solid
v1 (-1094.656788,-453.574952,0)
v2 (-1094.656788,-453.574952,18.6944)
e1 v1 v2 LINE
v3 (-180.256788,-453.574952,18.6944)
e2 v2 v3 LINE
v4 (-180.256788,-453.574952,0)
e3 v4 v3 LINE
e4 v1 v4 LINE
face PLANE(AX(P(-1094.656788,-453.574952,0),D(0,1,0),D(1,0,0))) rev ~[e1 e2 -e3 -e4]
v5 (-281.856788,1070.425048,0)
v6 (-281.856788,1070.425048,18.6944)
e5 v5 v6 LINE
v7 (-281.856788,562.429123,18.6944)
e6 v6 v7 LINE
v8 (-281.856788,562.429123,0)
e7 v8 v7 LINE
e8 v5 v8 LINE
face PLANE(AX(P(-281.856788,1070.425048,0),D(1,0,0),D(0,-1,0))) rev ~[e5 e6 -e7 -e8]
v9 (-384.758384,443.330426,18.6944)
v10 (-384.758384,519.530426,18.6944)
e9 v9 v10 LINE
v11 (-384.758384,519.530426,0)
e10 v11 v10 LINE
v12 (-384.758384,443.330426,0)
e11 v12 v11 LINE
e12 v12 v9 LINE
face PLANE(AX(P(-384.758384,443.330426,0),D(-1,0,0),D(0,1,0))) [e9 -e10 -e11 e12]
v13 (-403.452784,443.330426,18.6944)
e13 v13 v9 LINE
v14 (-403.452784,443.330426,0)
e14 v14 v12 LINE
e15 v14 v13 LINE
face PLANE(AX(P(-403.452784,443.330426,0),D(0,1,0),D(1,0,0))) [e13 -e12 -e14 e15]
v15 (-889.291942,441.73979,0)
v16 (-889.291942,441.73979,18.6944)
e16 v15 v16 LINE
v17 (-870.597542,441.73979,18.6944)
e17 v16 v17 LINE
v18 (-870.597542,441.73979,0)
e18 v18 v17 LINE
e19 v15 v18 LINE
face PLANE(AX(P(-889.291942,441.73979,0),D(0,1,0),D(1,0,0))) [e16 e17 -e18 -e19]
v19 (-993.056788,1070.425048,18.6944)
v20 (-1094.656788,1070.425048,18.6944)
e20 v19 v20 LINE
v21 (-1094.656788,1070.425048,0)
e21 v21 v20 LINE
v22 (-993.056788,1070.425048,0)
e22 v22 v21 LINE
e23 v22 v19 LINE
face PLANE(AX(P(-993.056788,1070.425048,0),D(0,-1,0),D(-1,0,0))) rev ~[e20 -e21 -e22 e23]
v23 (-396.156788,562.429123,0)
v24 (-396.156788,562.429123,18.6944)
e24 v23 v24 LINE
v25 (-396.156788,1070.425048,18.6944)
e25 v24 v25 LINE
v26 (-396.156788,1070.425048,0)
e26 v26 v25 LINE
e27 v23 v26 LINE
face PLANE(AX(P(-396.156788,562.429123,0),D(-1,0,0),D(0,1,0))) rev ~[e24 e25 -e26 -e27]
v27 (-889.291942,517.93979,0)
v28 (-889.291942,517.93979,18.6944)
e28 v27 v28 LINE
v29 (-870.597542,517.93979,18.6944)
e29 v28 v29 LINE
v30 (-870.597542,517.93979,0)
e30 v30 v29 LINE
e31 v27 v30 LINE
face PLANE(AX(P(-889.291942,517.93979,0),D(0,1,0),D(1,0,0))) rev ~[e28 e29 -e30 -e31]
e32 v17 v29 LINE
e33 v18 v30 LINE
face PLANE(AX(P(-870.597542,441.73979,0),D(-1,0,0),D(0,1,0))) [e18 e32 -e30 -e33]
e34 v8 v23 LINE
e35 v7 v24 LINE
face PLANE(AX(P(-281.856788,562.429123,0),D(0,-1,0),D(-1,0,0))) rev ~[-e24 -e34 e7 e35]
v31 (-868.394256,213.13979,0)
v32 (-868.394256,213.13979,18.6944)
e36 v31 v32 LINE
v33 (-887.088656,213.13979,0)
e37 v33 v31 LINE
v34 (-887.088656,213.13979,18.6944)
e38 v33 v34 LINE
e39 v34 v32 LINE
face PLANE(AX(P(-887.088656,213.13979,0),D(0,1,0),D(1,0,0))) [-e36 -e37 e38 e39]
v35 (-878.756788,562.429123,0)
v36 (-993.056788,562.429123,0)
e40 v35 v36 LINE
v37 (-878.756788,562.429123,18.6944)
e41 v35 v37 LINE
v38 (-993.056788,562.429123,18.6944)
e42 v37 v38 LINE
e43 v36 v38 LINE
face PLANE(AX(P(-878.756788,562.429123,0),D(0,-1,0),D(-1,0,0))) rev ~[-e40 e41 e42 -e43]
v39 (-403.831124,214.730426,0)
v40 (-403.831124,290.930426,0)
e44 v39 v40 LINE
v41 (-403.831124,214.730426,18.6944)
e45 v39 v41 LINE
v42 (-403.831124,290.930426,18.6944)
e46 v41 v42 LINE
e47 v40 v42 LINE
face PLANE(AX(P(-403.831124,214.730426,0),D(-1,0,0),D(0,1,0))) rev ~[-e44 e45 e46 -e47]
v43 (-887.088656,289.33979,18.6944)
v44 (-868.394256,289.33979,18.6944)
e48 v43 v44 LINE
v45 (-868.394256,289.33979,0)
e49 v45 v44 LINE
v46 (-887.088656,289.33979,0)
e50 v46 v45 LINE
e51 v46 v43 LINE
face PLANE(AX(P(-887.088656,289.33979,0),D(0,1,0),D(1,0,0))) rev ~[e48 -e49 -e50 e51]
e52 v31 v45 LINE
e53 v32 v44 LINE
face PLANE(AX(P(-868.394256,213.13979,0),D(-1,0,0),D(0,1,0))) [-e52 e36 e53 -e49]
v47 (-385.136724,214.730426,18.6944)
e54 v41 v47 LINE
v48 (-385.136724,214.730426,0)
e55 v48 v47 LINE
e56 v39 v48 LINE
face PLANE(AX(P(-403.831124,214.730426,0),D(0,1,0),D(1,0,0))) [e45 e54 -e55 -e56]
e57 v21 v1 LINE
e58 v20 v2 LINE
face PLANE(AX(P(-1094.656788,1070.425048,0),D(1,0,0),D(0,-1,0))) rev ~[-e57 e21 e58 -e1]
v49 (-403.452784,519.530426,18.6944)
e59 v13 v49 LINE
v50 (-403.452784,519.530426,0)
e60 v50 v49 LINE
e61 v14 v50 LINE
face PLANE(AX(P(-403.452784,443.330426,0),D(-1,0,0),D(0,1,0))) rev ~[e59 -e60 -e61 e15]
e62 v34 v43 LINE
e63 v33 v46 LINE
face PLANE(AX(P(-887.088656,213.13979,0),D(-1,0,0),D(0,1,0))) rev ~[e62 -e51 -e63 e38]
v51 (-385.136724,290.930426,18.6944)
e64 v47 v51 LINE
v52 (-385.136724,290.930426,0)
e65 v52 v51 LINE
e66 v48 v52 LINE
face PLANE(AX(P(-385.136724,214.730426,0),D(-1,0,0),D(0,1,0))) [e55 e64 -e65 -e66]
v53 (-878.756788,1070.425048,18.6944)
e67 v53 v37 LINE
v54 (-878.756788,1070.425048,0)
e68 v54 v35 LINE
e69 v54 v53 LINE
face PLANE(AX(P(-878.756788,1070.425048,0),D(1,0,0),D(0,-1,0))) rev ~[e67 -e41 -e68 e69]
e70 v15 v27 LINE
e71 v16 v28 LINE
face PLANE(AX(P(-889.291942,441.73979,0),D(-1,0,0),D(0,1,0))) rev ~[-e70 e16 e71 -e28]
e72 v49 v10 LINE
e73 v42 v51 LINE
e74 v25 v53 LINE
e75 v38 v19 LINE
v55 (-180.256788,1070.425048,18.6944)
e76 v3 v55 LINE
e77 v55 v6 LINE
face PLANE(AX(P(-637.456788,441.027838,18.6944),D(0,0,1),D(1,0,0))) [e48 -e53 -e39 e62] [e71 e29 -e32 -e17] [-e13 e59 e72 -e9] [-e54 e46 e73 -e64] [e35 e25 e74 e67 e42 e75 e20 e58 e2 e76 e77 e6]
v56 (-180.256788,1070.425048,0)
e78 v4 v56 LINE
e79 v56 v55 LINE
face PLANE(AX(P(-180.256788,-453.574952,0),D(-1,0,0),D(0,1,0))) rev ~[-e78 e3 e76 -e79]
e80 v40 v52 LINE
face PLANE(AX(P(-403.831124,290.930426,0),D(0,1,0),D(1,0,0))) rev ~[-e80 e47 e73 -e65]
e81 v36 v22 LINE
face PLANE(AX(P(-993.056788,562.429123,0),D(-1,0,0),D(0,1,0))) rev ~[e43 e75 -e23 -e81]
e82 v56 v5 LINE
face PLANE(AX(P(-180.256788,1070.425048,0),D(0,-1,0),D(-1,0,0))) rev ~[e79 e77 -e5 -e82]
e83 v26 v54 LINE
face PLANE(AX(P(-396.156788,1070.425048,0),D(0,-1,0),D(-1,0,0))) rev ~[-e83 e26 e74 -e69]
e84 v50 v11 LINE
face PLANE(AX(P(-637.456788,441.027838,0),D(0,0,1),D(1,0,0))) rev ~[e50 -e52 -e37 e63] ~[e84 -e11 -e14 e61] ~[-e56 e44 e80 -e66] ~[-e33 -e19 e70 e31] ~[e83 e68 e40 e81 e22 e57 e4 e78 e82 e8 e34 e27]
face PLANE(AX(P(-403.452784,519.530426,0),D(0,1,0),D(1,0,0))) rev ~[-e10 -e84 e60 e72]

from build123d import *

# Parameters (mm, degrees)
F0_W     = 18.6944
F0_H     = 76.2
F1_DEPTH = 18.6944


with BuildPart() as f1:
    # F0 (on Top) → F1 (new body)
    with BuildSketch(Plane.XY):
        Polygon((-993.056788, 1070.425048), (-1094.656788, 1070.425048), (-1094.656788, -453.574952), (-180.256788, -453.574952), (-180.256788, 1070.425048), (-281.856788, 1070.425048), (-281.856788, 562.429123), (-396.156788, 562.429123), (-396.156788, 1070.425048), (-878.756788, 1070.425048), (-878.756788, 562.429123), (-993.056788, 562.429123), align=None)
        with Locations((-877.741456, 251.23979)):
            Rectangle(F0_W, F0_H, mode=Mode.SUBTRACT)
        with Locations((-394.483924, 252.830426)):
            Rectangle(F0_W, F0_H, mode=Mode.SUBTRACT)
        with Locations((-879.944742, 479.83979)):
            Rectangle(F0_W, F0_H, mode=Mode.SUBTRACT)
        with Locations((-394.105584, 481.430426)):
            Rectangle(F0_W, F0_H, mode=Mode.SUBTRACT)
    extrude(amount=F1_DEPTH)


solid = f1.part
